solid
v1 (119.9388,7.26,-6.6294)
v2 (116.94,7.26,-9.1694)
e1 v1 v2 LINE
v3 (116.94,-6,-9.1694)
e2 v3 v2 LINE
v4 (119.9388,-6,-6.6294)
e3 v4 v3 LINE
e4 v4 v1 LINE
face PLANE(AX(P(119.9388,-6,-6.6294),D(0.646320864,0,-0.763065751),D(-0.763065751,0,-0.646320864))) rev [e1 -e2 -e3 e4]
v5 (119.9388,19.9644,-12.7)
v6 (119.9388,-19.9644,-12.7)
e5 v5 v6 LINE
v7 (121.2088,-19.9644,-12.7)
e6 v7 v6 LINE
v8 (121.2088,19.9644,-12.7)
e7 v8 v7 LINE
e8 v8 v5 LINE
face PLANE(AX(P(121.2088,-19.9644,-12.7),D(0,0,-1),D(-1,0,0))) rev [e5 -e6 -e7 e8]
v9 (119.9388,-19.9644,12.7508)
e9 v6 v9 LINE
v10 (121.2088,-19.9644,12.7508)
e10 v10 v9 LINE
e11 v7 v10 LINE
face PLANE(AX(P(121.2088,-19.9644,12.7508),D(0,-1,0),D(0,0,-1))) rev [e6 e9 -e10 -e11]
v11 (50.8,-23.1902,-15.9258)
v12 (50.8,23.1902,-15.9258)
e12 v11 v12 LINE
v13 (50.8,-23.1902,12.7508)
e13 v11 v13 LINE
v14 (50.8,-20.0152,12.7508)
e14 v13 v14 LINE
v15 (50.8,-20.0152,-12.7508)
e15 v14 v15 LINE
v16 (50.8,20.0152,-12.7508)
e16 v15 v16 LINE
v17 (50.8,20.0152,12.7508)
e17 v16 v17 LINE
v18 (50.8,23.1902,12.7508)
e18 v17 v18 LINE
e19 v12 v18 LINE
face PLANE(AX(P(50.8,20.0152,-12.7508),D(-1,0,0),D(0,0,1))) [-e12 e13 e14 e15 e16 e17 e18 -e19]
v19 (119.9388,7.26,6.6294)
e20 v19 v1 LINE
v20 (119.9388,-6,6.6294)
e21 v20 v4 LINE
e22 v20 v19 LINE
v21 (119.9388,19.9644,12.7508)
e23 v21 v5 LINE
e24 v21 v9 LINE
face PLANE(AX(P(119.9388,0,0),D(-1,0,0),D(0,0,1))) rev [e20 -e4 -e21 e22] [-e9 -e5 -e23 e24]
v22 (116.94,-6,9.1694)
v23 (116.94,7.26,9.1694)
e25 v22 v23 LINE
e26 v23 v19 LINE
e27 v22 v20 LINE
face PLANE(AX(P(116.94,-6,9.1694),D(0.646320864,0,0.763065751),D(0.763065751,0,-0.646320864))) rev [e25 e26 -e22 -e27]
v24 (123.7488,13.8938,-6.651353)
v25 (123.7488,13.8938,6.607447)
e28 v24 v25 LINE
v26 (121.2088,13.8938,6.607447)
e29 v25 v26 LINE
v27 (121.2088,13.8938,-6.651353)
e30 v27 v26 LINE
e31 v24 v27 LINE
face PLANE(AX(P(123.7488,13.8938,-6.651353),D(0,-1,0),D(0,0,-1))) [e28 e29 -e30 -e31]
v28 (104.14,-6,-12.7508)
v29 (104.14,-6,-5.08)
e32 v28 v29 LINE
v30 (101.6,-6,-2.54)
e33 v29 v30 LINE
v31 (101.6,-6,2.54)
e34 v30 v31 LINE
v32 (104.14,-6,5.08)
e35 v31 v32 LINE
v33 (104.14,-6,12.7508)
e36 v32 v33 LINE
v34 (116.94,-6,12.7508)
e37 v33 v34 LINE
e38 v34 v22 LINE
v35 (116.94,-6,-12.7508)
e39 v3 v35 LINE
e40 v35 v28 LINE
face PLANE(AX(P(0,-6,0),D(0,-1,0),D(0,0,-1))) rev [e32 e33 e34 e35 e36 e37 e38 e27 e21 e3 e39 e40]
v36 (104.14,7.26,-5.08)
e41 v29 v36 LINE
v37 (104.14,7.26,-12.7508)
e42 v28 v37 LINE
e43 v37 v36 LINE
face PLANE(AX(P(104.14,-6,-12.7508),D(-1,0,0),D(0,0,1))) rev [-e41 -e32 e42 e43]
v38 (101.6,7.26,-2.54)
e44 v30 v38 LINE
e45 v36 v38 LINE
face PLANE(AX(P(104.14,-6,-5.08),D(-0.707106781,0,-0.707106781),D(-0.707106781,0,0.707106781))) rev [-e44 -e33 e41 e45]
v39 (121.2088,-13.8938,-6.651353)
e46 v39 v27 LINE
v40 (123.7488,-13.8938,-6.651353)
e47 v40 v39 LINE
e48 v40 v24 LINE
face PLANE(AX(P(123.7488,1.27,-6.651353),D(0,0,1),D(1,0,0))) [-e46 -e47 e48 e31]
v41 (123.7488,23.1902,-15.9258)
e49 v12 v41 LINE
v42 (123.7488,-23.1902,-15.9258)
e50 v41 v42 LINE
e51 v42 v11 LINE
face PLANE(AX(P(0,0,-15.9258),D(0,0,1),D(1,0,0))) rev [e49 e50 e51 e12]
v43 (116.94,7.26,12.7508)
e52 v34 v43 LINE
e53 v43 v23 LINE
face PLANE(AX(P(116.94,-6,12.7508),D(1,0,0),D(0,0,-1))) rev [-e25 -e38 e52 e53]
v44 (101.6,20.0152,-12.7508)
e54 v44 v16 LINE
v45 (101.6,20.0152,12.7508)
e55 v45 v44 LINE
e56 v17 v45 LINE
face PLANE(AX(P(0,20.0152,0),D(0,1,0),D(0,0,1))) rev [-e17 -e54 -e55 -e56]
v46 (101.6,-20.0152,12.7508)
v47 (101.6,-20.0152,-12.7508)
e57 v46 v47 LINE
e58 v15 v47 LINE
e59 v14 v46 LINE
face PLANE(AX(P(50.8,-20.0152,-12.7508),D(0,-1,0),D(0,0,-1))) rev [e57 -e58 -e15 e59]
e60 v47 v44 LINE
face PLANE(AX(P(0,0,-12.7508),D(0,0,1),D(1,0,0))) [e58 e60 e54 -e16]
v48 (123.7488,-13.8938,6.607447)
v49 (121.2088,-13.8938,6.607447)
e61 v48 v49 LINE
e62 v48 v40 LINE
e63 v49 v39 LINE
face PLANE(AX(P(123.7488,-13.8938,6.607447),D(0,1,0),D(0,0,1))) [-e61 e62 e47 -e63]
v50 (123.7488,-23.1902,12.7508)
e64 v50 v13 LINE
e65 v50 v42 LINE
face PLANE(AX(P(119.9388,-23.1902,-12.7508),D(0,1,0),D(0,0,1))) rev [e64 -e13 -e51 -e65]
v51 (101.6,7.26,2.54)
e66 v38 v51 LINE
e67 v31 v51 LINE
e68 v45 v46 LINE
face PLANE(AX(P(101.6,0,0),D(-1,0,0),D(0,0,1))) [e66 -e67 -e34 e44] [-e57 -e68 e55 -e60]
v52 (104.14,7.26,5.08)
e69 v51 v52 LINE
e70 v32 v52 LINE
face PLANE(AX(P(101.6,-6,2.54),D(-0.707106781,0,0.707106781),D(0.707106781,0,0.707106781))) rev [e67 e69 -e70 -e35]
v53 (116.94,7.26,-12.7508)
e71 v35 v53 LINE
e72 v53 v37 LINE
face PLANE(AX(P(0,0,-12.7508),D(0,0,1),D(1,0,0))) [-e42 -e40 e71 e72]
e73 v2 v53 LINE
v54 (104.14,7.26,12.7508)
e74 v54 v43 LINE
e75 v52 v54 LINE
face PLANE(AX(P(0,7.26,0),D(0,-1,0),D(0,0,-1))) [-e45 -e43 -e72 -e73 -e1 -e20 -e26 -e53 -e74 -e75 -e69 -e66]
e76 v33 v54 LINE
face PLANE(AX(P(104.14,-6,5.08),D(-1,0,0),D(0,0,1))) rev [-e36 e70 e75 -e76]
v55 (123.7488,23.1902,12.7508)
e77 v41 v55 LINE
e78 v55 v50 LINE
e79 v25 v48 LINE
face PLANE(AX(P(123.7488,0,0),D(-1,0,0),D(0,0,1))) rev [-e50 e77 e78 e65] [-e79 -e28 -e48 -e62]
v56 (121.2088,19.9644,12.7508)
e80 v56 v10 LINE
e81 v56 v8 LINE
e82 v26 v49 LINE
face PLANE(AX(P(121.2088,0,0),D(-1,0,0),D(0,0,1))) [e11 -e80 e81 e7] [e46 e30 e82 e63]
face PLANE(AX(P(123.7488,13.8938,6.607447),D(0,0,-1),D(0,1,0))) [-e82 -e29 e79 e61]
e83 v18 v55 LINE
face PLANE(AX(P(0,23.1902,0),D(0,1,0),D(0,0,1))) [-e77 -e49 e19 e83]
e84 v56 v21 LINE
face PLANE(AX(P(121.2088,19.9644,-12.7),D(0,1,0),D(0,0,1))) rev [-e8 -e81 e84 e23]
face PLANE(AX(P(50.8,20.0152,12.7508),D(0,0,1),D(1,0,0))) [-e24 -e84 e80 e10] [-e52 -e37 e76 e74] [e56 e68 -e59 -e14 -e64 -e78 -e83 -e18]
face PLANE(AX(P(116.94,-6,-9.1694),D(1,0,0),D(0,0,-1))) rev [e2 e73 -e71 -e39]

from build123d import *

# Parameters (mm, degrees)
CROQUIS1_W              = 50.8
CROQUIS1_H              = 25.5016
SALIENTE_EXTRUIR1_DEPTH = 3.175
CROQUIS2_W              = 25.5016
CROQUIS2_H              = 46.3804
SALIENTE_EXTRUIR2_DEPTH = 18.3388
CORTAR_EXTRUIR2_DEPTH   = 13.26
SALIENTE_EXTRUIR3_DEPTH = 1.27
CROQUIS6_W              = 25.5016
CROQUIS6_H              = 46.3804
SALIENTE_EXTRUIR4_DEPTH = 2.54
CROQUIS7_W              = 25.5016
CROQUIS7_H              = 3.175
SALIENTE_EXTRUIR5_DEPTH = 50.8
CROQUIS8_W              = 72.9488
CROQUIS8_H              = 46.3804
SALIENTE_EXTRUIR6_DEPTH = 3.175


with BuildPart() as part:
    # Croquis1 → Saliente-Extruir1 (new body)
    with BuildSketch(Plane(origin=(0, 23.1902, 0), x_dir=(1, 0, 0), z_dir=(0, 1, 0))):
        with Locations((76.2, 0)):
            Rectangle(CROQUIS1_W, CROQUIS1_H)
    extrude(amount=-SALIENTE_EXTRUIR1_DEPTH)

    # Croquis2 → Saliente-Extruir2 (add)
    with BuildSketch(Plane(origin=(101.6, 0, 0), x_dir=(0, 0, -1), z_dir=(1, 0, 0))):
        Rectangle(CROQUIS2_W, CROQUIS2_H)
    extrude(amount=SALIENTE_EXTRUIR2_DEPTH)

    # Croquis4 → Cortar-Extruir2 (cut)
    with BuildSketch(Plane(origin=(0, 7.26, 0), x_dir=(1, 0, 0), z_dir=(0, 1, 0))):
        Polygon((104.14, -5.08), (104.14, -12.7508), (116.94, -12.7508), (116.94, -9.1694), (119.9388, -6.6294), (119.9388, 6.6294), (116.94, 9.1694), (116.94, 12.7508), (104.14, 12.7508), (104.14, 5.08), (101.6, 2.54), (101.6, -2.54), align=None)
    extrude(amount=-CORTAR_EXTRUIR2_DEPTH, mode=Mode.SUBTRACT)

    # Croquis5 → Saliente-Extruir3 (add)
    with BuildSketch(Plane(origin=(119.9388, 0, 0), x_dir=(0, 0, -1), z_dir=(1, 0, 0))):
        Polygon((-12.7508, -23.1902), (-12.7508, -19.9644), (12.7, -19.9644), (12.7, 19.9644), (-12.7508, 19.9644), (-12.7508, 23.1902), (12.7508, 23.1902), (12.7508, -23.1902), align=None)
    extrude(amount=SALIENTE_EXTRUIR3_DEPTH)

    # Croquis6 → Saliente-Extruir4 (add)
    with BuildSketch(Plane(origin=(121.2088, 0, 0), x_dir=(0, 0, -1), z_dir=(1, 0, 0))):
        Rectangle(CROQUIS6_W, CROQUIS6_H)
        Polygon((6.651353306, 1.27), (6.651353306, 13.8938), (-6.607446694, 13.8938), (-6.607446694, -13.8938), (6.651353306, -13.8938), align=None, mode=Mode.SUBTRACT)
    extrude(amount=SALIENTE_EXTRUIR4_DEPTH)

    # Croquis7 → Saliente-Extruir5 (add)
    with BuildSketch(Plane.ZY.offset(-101.6)):
        with Locations((0, -21.6027)):
            Rectangle(CROQUIS7_W, CROQUIS7_H)
    extrude(amount=SALIENTE_EXTRUIR5_DEPTH)

    # Croquis8 → Saliente-Extruir6 (add)
    with BuildSketch(Plane(origin=(0, 0, -12.7508), x_dir=(-1, 0, 0), z_dir=(0, 0, -1))):
        with Locations((-87.2744, 0)):
            Rectangle(CROQUIS8_W, CROQUIS8_H)
    extrude(amount=SALIENTE_EXTRUIR6_DEPTH)


solid = part.part
